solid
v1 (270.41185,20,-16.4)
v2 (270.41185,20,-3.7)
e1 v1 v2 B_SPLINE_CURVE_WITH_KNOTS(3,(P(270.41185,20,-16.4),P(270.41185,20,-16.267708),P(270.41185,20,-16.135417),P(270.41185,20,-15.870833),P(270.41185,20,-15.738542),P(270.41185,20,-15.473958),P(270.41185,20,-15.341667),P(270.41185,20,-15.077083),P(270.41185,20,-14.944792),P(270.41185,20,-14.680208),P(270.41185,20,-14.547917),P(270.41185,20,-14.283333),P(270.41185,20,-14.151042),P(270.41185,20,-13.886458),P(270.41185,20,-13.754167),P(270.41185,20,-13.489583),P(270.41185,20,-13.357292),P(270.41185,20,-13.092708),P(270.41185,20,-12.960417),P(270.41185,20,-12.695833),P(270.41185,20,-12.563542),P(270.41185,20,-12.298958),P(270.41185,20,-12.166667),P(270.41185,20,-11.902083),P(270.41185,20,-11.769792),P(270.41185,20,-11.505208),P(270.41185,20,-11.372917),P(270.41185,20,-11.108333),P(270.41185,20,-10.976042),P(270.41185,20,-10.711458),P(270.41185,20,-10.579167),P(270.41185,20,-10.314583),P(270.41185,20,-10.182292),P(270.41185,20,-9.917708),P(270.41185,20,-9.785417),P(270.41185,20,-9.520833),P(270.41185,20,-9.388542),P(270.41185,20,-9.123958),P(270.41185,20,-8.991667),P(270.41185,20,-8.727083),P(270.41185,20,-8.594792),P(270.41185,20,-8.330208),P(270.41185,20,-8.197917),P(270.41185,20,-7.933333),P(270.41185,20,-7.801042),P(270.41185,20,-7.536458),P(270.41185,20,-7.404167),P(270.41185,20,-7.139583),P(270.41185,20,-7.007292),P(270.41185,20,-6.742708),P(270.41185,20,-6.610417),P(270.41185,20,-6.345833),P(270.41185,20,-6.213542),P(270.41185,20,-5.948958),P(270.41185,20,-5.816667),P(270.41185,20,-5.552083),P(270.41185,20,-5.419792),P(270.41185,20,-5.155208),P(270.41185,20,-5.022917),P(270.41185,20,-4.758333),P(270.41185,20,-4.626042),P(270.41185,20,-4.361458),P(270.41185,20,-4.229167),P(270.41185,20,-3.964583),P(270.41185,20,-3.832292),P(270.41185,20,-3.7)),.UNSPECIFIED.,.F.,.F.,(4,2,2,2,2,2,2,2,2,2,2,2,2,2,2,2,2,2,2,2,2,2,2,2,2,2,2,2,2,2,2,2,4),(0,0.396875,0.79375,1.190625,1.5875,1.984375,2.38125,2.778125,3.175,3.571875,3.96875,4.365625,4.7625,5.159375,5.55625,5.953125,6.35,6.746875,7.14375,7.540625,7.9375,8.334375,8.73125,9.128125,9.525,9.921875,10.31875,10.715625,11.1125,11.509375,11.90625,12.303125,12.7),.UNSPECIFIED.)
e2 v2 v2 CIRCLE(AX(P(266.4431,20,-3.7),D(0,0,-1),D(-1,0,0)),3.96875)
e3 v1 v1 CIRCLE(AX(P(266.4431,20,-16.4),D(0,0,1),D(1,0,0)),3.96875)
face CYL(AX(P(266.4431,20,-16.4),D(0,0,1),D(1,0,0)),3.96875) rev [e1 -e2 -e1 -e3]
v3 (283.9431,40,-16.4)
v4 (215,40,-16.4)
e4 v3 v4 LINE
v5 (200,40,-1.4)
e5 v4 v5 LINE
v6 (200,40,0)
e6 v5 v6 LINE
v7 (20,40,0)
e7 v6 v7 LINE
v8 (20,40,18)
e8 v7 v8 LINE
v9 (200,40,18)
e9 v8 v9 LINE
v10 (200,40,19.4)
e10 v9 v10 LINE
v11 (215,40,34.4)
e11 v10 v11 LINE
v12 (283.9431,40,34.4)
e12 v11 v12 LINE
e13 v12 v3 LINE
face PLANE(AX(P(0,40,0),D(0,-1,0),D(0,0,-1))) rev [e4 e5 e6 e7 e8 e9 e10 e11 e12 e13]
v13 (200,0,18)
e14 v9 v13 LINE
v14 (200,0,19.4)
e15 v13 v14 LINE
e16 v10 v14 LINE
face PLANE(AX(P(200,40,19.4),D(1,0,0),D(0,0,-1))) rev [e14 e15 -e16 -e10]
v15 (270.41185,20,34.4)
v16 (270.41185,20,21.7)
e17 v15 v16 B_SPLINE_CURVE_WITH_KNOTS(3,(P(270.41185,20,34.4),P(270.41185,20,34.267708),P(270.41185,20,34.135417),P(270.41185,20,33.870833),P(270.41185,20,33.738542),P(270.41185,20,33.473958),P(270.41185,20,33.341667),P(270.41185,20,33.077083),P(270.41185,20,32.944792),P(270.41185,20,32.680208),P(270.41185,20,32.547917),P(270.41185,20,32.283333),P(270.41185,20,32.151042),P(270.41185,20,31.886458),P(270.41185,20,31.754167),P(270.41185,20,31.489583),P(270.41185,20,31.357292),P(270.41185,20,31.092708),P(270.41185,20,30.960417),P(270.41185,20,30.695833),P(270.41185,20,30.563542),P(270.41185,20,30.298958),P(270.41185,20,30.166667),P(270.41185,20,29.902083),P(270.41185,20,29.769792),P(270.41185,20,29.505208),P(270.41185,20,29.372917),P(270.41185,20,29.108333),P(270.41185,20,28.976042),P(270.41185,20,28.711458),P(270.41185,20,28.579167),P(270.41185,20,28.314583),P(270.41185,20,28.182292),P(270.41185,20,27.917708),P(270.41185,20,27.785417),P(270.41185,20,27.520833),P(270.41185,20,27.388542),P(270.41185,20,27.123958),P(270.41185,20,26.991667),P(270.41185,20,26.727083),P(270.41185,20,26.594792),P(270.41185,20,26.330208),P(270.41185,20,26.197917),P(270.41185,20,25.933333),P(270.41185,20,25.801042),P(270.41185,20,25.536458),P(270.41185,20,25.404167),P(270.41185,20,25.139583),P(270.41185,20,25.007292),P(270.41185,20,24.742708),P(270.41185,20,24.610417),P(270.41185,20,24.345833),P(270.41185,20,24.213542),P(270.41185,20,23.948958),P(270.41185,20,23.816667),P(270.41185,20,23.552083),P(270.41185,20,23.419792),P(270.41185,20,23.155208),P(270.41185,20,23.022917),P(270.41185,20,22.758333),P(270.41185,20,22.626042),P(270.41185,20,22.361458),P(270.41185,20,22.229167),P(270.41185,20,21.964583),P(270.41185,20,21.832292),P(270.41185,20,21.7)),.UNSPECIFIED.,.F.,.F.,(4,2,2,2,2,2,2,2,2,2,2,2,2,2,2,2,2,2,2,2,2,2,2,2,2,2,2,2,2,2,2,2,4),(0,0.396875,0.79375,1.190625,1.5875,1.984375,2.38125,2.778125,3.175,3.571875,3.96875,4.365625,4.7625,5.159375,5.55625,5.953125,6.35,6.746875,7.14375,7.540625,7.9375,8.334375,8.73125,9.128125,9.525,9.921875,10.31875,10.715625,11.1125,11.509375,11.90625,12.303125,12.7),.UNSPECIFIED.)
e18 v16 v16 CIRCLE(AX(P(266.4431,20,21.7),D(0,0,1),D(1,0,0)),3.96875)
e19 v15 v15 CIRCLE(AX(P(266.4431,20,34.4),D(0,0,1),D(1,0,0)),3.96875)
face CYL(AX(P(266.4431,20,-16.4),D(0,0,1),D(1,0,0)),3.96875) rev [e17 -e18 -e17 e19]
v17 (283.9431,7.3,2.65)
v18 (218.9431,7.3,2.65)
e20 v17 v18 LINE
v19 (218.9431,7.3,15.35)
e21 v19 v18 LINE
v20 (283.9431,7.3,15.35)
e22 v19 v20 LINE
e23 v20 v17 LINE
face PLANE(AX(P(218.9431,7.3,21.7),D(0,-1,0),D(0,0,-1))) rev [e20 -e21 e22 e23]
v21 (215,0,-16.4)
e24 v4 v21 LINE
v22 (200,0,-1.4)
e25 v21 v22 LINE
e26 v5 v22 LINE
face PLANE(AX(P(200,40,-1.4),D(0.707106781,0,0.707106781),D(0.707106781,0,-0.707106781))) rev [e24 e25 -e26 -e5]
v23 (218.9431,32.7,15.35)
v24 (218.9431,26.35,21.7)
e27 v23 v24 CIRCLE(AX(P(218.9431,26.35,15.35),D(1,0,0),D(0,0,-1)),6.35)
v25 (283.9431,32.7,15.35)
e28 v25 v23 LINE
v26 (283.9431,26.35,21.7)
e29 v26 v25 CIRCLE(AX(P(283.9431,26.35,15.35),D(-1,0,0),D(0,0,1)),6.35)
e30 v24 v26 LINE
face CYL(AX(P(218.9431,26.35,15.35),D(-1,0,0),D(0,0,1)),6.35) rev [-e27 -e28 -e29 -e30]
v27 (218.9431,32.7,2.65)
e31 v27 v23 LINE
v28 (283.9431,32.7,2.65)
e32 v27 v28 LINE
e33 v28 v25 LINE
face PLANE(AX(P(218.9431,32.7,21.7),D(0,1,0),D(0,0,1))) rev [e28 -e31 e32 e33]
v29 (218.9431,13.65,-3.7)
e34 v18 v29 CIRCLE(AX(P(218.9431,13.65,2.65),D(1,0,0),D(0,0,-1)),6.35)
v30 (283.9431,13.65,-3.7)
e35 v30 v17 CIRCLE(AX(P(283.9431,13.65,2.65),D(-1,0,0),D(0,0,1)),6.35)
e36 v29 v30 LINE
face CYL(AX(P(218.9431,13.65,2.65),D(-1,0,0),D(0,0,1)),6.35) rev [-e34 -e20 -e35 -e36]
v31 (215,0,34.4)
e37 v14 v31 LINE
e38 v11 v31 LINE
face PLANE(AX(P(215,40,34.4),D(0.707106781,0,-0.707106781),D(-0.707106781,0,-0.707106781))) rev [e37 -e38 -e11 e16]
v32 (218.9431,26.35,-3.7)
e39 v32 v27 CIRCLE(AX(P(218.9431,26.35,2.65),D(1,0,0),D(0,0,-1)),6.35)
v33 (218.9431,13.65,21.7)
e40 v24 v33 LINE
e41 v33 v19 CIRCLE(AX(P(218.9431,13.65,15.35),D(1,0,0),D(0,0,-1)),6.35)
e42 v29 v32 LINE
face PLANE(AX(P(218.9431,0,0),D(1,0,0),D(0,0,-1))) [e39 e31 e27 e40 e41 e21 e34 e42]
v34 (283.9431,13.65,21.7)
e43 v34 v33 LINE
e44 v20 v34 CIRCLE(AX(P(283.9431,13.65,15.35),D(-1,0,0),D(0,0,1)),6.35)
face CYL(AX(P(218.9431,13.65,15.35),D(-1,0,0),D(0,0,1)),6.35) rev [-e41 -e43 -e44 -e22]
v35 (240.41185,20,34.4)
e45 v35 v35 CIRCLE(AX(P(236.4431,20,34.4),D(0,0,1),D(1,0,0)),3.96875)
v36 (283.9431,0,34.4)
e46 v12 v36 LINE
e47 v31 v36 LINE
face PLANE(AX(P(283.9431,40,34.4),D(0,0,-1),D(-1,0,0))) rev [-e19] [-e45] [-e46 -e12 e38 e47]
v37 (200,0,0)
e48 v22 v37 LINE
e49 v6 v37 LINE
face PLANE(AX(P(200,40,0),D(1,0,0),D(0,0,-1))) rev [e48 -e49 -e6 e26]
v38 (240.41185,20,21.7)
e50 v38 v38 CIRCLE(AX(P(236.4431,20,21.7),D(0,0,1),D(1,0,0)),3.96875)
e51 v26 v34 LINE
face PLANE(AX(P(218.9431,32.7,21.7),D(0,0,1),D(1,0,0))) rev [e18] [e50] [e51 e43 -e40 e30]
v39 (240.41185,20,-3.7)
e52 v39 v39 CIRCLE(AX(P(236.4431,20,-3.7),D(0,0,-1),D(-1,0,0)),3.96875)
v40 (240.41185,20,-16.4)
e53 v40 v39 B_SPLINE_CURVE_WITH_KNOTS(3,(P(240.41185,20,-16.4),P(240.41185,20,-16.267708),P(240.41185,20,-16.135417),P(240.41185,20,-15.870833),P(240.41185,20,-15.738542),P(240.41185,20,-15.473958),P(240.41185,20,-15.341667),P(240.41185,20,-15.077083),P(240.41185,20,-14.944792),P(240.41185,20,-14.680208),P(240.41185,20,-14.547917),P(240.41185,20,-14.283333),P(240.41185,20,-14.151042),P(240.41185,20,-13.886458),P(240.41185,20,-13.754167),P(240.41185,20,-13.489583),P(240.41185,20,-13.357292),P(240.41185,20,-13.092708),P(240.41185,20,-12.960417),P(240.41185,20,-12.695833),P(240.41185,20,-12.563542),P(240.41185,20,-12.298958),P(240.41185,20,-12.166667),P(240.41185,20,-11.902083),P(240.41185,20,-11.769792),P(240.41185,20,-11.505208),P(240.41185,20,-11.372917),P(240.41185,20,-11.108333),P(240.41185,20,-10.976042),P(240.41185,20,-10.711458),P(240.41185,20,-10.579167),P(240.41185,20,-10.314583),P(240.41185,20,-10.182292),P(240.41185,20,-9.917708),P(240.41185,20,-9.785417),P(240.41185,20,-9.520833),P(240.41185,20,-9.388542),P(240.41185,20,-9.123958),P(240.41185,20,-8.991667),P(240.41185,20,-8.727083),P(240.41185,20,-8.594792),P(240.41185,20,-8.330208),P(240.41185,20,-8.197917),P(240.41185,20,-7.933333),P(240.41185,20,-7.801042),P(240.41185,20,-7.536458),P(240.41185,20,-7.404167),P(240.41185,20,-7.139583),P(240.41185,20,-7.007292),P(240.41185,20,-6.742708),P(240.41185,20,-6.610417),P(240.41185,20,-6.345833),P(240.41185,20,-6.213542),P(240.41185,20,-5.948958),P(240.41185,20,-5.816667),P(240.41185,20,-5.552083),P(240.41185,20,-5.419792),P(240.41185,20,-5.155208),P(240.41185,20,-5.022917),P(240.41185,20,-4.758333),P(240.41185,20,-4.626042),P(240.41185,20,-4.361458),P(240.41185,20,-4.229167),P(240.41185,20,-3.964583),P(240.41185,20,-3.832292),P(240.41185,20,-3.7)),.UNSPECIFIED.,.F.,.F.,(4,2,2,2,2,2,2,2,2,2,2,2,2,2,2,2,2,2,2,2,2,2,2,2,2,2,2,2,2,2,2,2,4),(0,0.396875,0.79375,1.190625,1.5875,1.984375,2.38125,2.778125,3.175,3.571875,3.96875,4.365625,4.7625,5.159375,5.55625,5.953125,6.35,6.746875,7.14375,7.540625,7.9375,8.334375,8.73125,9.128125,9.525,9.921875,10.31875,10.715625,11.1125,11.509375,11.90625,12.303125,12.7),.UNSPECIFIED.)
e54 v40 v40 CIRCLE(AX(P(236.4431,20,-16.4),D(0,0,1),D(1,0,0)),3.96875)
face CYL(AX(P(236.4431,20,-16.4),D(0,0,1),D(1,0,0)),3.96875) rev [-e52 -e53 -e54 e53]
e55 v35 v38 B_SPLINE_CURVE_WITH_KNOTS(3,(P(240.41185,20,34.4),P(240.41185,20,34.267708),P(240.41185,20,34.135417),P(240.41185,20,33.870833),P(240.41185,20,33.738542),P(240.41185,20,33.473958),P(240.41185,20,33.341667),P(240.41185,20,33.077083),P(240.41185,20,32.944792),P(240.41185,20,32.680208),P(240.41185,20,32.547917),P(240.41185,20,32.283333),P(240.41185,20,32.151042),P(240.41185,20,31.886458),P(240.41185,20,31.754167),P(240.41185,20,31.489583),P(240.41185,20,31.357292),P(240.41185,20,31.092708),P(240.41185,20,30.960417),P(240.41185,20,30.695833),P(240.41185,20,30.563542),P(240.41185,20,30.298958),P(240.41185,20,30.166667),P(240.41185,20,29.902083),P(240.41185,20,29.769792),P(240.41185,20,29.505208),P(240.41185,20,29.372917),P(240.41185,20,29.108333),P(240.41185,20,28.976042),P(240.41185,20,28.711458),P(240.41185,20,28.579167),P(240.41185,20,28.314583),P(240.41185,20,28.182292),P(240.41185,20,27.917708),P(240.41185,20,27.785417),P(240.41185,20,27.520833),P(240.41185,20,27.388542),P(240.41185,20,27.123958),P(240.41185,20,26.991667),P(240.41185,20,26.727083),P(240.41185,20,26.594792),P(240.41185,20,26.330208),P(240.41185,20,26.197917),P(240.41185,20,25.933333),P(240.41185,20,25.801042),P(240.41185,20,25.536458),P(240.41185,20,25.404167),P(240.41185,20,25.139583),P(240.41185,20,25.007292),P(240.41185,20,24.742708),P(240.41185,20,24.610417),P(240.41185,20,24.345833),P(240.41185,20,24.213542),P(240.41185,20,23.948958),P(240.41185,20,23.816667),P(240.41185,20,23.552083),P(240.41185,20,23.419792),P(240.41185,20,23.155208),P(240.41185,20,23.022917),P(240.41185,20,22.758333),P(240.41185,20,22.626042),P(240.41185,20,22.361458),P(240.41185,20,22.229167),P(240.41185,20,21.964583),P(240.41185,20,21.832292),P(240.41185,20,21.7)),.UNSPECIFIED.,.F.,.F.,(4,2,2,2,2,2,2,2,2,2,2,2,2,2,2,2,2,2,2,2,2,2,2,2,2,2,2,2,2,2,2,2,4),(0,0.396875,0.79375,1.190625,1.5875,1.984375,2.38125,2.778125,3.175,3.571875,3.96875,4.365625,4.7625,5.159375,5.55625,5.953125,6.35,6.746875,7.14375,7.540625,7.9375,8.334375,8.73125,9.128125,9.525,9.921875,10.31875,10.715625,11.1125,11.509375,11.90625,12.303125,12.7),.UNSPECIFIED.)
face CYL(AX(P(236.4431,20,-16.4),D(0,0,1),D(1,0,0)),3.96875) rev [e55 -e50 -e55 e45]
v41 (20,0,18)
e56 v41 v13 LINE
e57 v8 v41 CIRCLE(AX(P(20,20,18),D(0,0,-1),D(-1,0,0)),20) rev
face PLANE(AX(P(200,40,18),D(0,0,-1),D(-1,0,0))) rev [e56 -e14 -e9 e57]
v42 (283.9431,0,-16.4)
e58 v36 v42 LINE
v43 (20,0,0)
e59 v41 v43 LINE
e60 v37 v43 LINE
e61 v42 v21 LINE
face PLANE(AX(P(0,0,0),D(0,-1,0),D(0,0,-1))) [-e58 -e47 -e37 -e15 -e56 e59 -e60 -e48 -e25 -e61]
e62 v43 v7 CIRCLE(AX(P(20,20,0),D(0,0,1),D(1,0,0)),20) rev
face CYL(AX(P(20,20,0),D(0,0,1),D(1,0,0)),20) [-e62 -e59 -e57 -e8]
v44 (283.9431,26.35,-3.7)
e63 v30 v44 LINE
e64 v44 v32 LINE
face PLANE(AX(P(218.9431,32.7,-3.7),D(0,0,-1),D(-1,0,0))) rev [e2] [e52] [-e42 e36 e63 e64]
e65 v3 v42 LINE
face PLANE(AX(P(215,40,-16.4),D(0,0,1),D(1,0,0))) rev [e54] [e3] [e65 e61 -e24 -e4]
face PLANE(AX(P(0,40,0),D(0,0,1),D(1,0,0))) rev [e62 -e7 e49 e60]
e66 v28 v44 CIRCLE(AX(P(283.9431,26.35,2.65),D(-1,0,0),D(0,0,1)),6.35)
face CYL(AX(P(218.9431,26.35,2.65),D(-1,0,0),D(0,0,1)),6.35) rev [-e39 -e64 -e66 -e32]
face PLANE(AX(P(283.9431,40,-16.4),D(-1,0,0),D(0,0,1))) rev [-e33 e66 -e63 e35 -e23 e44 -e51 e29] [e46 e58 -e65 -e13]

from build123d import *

# Parameters (mm, degrees)
SALIENTE_EXTRUIR1_DEPTH = 40
REDONDEO1_RADIUS        = 20
REDONDEO1_LENGTH        = 18
CROQUIS3_W              = 25.4
CROQUIS3_H              = 25.4
CORTAR_EXTRUIR2_DEPTH   = 65
CROQUIS4_R              = 3.96875
CORTAR_EXTRUIR3_DEPTH   = 292.21181988
REDONDEO3_R             = 6.35


with BuildPart() as part:
    # Croquis1 → Saliente-Extruir1 (new body)
    with BuildSketch(Plane(origin=(0, 0, 0), x_dir=(1, 0, 0), z_dir=(0, 1, 0))):
        Polygon((283.9431, 16.4), (283.9431, -34.4), (215, -34.4), (200, -19.4), (200, -18), (0, -18), (0, 0), (200, 0), (200, 1.4), (215, 16.4), align=None)
    extrude(amount=SALIENTE_EXTRUIR1_DEPTH)

    # Redondeo1: full round fillet: the end face becomes a half cylinder, R = half its width
    redondeo1_face = Plane((0, 20, 9), x_dir=(0, 0, 1), z_dir=(-1, 0, 0))  # on the end face: x along it, z out of the body
    redondeo1_slab = redondeo1_face.offset(-REDONDEO1_RADIUS / 2) * Box(REDONDEO1_LENGTH, 2 * REDONDEO1_RADIUS, REDONDEO1_RADIUS, mode=Mode.PRIVATE)  # the body's end, R deep
    redondeo1_round = Plane((20, 20, 9), x_dir=(-1, 0, 0), z_dir=(0, 0, 1)) * Cylinder(REDONDEO1_RADIUS, REDONDEO1_LENGTH, mode=Mode.PRIVATE)  # its axis R under the face
    add(redondeo1_slab - redondeo1_round, mode=Mode.SUBTRACT)

    # Croquis3 → Cortar-Extruir2 (cut)
    with BuildSketch(Plane(origin=(283.9431, 0, 0), x_dir=(0, 0, -1), z_dir=(1, 0, 0))):
        with Locations((-9, 20)):
            Rectangle(CROQUIS3_W, CROQUIS3_H)
    extrude(amount=-CORTAR_EXTRUIR2_DEPTH, mode=Mode.SUBTRACT)

    # Croquis4 → Cortar-Extruir3 (cut, through all)
    with BuildSketch(Plane.XY.offset(34.4)):
        with Locations((266.4431, 20)):
            Circle(CROQUIS4_R)
        with Locations((236.4431, 20)):
            Circle(CROQUIS4_R)
    extrude(amount=-CORTAR_EXTRUIR3_DEPTH, mode=Mode.SUBTRACT)

    # Redondeo3
    redondeo3_edges = [part.edges().sort_by_distance(p)[0] for p in [
        (251.4431, 7.3, 21.7),
        (251.4431, 32.7, 21.7),
        (251.4431, 32.7, -3.7),
        (251.4431, 7.3, -3.7),
    ]]
    fillet(redondeo3_edges, radius=REDONDEO3_R)


solid = part.part
